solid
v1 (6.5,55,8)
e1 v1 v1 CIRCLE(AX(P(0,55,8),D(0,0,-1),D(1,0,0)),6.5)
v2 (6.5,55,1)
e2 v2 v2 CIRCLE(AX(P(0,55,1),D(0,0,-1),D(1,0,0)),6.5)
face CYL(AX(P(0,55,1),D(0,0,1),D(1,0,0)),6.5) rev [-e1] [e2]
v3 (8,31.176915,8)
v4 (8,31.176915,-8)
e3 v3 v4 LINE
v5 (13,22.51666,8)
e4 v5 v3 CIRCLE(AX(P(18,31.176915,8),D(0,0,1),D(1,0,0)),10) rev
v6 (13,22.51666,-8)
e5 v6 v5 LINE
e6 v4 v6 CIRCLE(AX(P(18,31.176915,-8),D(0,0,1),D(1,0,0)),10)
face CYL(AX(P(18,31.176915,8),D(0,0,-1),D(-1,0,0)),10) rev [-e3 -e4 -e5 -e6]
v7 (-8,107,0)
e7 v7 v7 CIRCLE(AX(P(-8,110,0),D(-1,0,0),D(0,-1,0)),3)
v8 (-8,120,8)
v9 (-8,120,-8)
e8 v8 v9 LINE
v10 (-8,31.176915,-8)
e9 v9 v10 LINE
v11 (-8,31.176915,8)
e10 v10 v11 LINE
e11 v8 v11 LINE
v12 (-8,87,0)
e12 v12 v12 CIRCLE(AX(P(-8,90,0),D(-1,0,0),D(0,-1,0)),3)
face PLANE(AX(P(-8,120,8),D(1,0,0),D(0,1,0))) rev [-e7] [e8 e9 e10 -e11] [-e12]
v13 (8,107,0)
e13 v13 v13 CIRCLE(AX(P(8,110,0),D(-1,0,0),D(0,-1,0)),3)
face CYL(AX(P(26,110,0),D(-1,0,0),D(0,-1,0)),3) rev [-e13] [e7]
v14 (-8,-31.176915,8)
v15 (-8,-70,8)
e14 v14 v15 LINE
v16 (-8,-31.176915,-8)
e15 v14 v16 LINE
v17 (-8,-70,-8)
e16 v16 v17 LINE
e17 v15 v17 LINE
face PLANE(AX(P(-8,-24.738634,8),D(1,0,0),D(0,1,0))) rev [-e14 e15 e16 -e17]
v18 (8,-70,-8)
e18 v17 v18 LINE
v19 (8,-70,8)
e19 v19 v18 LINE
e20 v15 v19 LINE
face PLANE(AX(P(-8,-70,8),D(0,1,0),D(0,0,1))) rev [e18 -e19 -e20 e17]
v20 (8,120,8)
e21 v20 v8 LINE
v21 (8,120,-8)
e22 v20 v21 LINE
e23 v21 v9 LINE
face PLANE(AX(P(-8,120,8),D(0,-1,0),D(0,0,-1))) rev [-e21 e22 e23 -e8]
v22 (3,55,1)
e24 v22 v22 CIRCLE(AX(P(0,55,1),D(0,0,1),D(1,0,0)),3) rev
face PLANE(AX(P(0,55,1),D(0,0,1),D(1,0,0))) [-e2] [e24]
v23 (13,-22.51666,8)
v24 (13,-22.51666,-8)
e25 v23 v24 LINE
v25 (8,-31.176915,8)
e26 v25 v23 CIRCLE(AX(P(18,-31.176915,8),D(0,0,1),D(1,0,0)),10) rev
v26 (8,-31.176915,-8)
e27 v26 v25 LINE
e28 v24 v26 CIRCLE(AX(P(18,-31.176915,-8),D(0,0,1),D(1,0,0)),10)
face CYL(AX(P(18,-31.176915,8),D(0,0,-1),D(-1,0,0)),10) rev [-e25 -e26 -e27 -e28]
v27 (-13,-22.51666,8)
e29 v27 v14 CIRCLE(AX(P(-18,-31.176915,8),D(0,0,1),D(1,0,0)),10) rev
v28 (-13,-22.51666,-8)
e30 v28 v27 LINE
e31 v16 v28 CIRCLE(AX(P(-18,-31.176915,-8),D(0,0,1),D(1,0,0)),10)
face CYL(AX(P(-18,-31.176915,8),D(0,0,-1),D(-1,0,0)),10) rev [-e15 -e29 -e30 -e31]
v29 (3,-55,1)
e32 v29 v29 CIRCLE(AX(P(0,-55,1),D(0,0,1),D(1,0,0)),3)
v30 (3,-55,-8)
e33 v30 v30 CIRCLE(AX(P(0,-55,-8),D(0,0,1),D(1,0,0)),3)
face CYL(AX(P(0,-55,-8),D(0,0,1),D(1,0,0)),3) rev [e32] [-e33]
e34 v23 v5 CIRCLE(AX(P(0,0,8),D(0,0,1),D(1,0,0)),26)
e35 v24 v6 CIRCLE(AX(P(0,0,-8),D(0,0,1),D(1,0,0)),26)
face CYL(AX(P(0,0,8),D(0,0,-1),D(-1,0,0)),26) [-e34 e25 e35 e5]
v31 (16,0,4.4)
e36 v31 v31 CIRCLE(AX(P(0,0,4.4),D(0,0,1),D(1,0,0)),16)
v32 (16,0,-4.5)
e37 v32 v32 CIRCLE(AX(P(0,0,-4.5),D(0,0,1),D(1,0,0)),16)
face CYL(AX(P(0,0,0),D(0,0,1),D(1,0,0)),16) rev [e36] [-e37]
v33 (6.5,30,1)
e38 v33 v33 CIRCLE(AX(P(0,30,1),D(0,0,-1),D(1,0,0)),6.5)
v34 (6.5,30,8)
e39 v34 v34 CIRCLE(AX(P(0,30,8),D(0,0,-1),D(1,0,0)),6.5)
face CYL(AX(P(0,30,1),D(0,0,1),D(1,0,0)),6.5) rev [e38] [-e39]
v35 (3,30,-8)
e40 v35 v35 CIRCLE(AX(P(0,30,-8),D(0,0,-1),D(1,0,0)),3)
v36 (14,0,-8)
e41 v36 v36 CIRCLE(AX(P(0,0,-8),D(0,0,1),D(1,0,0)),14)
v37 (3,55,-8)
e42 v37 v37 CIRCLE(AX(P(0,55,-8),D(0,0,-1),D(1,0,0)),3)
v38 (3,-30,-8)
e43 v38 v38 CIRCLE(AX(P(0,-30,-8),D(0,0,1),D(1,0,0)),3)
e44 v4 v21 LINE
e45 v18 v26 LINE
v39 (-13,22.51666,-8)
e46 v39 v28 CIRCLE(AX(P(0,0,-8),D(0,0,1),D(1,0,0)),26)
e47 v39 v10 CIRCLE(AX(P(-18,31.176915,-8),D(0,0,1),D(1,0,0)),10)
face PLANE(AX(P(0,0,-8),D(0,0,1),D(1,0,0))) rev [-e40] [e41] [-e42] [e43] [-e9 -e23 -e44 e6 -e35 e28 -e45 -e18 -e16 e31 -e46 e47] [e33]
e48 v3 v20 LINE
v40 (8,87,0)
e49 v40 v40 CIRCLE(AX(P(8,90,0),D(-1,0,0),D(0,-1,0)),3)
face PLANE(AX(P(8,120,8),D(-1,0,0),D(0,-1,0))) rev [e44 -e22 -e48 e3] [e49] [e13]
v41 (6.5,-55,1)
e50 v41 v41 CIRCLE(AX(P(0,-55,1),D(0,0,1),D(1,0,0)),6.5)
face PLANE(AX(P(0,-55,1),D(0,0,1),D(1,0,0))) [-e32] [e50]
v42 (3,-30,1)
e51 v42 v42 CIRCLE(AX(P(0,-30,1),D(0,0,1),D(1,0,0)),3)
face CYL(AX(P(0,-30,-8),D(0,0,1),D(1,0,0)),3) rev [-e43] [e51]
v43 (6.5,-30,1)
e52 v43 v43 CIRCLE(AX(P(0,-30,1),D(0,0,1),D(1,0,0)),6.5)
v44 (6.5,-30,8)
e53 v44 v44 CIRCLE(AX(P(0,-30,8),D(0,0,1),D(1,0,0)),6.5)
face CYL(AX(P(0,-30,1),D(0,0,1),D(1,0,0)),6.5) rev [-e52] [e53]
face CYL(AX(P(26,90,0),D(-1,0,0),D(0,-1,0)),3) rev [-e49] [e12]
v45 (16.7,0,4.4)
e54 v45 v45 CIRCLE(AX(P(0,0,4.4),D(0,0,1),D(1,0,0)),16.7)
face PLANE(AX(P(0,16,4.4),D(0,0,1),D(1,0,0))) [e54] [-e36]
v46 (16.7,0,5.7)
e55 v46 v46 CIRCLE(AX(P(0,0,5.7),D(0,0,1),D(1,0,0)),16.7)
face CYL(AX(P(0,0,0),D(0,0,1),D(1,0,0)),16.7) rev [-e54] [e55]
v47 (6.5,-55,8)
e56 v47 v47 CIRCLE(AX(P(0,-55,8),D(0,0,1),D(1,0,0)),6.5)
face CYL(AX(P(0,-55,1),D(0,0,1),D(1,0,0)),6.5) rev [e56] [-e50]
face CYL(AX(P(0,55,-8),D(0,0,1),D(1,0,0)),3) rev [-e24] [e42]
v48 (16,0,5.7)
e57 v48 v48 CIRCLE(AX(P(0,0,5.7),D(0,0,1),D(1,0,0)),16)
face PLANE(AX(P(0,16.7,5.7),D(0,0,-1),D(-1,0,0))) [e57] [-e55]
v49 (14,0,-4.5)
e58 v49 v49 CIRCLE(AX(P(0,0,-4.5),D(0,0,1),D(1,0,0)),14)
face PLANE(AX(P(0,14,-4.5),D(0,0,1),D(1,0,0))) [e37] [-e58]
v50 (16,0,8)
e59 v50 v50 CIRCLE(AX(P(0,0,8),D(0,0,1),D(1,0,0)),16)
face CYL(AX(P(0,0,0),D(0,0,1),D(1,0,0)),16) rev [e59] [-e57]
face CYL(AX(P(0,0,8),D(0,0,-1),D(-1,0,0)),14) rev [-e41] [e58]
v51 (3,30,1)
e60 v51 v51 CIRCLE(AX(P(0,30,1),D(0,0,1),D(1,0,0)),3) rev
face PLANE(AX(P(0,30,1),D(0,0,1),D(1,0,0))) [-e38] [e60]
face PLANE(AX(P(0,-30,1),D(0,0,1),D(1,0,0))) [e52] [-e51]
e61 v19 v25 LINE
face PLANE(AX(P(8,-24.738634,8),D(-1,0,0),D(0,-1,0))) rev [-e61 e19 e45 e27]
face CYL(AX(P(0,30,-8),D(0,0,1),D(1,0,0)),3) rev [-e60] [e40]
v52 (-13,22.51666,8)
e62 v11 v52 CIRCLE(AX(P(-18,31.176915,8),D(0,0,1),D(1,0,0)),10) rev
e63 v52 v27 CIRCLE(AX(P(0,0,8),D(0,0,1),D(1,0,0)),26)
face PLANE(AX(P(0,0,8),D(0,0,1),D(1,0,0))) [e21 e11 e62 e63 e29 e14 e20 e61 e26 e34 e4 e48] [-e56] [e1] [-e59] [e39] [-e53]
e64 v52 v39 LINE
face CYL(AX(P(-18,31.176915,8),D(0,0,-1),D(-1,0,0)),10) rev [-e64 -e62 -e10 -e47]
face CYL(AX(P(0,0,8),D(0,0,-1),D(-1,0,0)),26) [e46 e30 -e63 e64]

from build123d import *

# Parameters (mm, degrees)
SKETCH1_R           = 26
SKETCH1_R_2         = 14
BOSS_EXTRUDE1_DEPTH = 8
BOSS_EXTRUDE2_DEPTH = 8
SKETCH3_W           = 12.5
SKETCH3_H           = 2
SKETCH4_W           = 1.3
SKETCH4_H           = 0.7
SKETCH5_W           = 16
SKETCH5_H           = 45.261366246
BOSS_EXTRUDE3_DEPTH = 8
FILLET1_R           = 10
SKETCH6_R           = 3
CUT_EXTRUDE1_DEPTH  = 125.9799984
SKETCH9_R           = 6.5
CUT_EXTRUDE4_DEPTH  = 7
SKETCH10_R          = 3
CUT_EXTRUDE5_DEPTH  = 124.822453537


with BuildPart() as part:
    # Sketch1 → Boss-Extrude1 (new, symmetric)
    with BuildSketch(Plane.XY):
        Circle(SKETCH1_R)
        Circle(SKETCH1_R_2, mode=Mode.SUBTRACT)
    extrude(amount=BOSS_EXTRUDE1_DEPTH, both=True)

    # Sketch2 → Boss-Extrude2 (add, symmetric)
    with BuildSketch(Plane.XY):
        Polygon((-8, 120), (8, 120), (8, 24.738633754), (0, 26), (-8, 24.738633754), align=None)
    extrude(amount=BOSS_EXTRUDE2_DEPTH, both=True)

    # Sketch3 → Cut-Revolve1 (revolve, cut)
    with BuildSketch(Plane(origin=(0, 0, 0), x_dir=(0, 0, -1), z_dir=(1, 0, 0)), mode=Mode.PRIVATE) as cut_revolve1_sk:
        with Locations((-1.75, 15)):
            Rectangle(SKETCH3_W, SKETCH3_H)
    revolve(cut_revolve1_sk.sketch.rotate(Axis((0, 0, 0), (0, 0, -1)), 90), axis=Axis((0, 0, 0), (0, 0, -1)), mode=Mode.SUBTRACT)

    # Sketch4 → Cut-Revolve2 (revolve, cut)
    with BuildSketch(Plane(origin=(0, 0, 0), x_dir=(0, 0, -1), z_dir=(1, 0, 0)), mode=Mode.PRIVATE) as cut_revolve2_sk:
        with Locations((-5.05, 16.35)):
            Rectangle(SKETCH4_W, SKETCH4_H)
    revolve(cut_revolve2_sk.sketch.rotate(Axis((0, 0, 0), (0, 0, -1)), 90), axis=Axis((0, 0, 0), (0, 0, -1)), mode=Mode.SUBTRACT)

    # Sketch5 → Boss-Extrude3 (add, symmetric)
    with BuildSketch(Plane.XY):
        with Locations((0, -47.369316877)):
            Rectangle(SKETCH5_W, SKETCH5_H)
    extrude(amount=BOSS_EXTRUDE3_DEPTH, both=True)

    # Fillet1
    fillet1_edges = [part.edges().sort_by_distance(p)[0] for p in [
        (8, 24.738633754, 0),
        (-8, 24.738633754, 0),
        (8, -24.738633754, 0),
        (-8, -24.738633754, 0),
    ]]
    fillet(fillet1_edges, radius=FILLET1_R)

    # Sketch6 → Cut-Extrude1 (cut, through all)
    with BuildSketch(Plane.ZY.offset(8)):
        with Locations(Location((0, 110, 0), (0, 0, 270))):
            Circle(SKETCH6_R)
        with Locations(Location((0, 90, 0), (0, 0, 270))):
            Circle(SKETCH6_R)
    extrude(amount=-CUT_EXTRUDE1_DEPTH, mode=Mode.SUBTRACT)

    # Sketch9 → Cut-Extrude4 (cut)
    with BuildSketch(Plane.XY.offset(8)):
        with Locations((0, -55)):
            Circle(SKETCH9_R)
        with Locations((0, -30)):
            Circle(SKETCH9_R)
    cut_extrude4 = extrude(amount=-CUT_EXTRUDE4_DEPTH, mode=Mode.SUBTRACT)

    # Sketch10 → Cut-Extrude5 (cut, through all)
    with BuildSketch(Plane.XY.offset(8)):
        with Locations((0, -30)):
            Circle(SKETCH10_R)
        with Locations((0, -55)):
            Circle(SKETCH10_R)
    cut_extrude5 = extrude(amount=-CUT_EXTRUDE5_DEPTH, mode=Mode.SUBTRACT)

    # Mirror1: Cut-Extrude4 across plane
    add(cut_extrude4.mirror(Plane.ZX), mode=Mode.SUBTRACT)

    # Mirror2: Cut-Extrude5 across plane
    add(cut_extrude5.mirror(Plane.ZX), mode=Mode.SUBTRACT)


solid = part.part
